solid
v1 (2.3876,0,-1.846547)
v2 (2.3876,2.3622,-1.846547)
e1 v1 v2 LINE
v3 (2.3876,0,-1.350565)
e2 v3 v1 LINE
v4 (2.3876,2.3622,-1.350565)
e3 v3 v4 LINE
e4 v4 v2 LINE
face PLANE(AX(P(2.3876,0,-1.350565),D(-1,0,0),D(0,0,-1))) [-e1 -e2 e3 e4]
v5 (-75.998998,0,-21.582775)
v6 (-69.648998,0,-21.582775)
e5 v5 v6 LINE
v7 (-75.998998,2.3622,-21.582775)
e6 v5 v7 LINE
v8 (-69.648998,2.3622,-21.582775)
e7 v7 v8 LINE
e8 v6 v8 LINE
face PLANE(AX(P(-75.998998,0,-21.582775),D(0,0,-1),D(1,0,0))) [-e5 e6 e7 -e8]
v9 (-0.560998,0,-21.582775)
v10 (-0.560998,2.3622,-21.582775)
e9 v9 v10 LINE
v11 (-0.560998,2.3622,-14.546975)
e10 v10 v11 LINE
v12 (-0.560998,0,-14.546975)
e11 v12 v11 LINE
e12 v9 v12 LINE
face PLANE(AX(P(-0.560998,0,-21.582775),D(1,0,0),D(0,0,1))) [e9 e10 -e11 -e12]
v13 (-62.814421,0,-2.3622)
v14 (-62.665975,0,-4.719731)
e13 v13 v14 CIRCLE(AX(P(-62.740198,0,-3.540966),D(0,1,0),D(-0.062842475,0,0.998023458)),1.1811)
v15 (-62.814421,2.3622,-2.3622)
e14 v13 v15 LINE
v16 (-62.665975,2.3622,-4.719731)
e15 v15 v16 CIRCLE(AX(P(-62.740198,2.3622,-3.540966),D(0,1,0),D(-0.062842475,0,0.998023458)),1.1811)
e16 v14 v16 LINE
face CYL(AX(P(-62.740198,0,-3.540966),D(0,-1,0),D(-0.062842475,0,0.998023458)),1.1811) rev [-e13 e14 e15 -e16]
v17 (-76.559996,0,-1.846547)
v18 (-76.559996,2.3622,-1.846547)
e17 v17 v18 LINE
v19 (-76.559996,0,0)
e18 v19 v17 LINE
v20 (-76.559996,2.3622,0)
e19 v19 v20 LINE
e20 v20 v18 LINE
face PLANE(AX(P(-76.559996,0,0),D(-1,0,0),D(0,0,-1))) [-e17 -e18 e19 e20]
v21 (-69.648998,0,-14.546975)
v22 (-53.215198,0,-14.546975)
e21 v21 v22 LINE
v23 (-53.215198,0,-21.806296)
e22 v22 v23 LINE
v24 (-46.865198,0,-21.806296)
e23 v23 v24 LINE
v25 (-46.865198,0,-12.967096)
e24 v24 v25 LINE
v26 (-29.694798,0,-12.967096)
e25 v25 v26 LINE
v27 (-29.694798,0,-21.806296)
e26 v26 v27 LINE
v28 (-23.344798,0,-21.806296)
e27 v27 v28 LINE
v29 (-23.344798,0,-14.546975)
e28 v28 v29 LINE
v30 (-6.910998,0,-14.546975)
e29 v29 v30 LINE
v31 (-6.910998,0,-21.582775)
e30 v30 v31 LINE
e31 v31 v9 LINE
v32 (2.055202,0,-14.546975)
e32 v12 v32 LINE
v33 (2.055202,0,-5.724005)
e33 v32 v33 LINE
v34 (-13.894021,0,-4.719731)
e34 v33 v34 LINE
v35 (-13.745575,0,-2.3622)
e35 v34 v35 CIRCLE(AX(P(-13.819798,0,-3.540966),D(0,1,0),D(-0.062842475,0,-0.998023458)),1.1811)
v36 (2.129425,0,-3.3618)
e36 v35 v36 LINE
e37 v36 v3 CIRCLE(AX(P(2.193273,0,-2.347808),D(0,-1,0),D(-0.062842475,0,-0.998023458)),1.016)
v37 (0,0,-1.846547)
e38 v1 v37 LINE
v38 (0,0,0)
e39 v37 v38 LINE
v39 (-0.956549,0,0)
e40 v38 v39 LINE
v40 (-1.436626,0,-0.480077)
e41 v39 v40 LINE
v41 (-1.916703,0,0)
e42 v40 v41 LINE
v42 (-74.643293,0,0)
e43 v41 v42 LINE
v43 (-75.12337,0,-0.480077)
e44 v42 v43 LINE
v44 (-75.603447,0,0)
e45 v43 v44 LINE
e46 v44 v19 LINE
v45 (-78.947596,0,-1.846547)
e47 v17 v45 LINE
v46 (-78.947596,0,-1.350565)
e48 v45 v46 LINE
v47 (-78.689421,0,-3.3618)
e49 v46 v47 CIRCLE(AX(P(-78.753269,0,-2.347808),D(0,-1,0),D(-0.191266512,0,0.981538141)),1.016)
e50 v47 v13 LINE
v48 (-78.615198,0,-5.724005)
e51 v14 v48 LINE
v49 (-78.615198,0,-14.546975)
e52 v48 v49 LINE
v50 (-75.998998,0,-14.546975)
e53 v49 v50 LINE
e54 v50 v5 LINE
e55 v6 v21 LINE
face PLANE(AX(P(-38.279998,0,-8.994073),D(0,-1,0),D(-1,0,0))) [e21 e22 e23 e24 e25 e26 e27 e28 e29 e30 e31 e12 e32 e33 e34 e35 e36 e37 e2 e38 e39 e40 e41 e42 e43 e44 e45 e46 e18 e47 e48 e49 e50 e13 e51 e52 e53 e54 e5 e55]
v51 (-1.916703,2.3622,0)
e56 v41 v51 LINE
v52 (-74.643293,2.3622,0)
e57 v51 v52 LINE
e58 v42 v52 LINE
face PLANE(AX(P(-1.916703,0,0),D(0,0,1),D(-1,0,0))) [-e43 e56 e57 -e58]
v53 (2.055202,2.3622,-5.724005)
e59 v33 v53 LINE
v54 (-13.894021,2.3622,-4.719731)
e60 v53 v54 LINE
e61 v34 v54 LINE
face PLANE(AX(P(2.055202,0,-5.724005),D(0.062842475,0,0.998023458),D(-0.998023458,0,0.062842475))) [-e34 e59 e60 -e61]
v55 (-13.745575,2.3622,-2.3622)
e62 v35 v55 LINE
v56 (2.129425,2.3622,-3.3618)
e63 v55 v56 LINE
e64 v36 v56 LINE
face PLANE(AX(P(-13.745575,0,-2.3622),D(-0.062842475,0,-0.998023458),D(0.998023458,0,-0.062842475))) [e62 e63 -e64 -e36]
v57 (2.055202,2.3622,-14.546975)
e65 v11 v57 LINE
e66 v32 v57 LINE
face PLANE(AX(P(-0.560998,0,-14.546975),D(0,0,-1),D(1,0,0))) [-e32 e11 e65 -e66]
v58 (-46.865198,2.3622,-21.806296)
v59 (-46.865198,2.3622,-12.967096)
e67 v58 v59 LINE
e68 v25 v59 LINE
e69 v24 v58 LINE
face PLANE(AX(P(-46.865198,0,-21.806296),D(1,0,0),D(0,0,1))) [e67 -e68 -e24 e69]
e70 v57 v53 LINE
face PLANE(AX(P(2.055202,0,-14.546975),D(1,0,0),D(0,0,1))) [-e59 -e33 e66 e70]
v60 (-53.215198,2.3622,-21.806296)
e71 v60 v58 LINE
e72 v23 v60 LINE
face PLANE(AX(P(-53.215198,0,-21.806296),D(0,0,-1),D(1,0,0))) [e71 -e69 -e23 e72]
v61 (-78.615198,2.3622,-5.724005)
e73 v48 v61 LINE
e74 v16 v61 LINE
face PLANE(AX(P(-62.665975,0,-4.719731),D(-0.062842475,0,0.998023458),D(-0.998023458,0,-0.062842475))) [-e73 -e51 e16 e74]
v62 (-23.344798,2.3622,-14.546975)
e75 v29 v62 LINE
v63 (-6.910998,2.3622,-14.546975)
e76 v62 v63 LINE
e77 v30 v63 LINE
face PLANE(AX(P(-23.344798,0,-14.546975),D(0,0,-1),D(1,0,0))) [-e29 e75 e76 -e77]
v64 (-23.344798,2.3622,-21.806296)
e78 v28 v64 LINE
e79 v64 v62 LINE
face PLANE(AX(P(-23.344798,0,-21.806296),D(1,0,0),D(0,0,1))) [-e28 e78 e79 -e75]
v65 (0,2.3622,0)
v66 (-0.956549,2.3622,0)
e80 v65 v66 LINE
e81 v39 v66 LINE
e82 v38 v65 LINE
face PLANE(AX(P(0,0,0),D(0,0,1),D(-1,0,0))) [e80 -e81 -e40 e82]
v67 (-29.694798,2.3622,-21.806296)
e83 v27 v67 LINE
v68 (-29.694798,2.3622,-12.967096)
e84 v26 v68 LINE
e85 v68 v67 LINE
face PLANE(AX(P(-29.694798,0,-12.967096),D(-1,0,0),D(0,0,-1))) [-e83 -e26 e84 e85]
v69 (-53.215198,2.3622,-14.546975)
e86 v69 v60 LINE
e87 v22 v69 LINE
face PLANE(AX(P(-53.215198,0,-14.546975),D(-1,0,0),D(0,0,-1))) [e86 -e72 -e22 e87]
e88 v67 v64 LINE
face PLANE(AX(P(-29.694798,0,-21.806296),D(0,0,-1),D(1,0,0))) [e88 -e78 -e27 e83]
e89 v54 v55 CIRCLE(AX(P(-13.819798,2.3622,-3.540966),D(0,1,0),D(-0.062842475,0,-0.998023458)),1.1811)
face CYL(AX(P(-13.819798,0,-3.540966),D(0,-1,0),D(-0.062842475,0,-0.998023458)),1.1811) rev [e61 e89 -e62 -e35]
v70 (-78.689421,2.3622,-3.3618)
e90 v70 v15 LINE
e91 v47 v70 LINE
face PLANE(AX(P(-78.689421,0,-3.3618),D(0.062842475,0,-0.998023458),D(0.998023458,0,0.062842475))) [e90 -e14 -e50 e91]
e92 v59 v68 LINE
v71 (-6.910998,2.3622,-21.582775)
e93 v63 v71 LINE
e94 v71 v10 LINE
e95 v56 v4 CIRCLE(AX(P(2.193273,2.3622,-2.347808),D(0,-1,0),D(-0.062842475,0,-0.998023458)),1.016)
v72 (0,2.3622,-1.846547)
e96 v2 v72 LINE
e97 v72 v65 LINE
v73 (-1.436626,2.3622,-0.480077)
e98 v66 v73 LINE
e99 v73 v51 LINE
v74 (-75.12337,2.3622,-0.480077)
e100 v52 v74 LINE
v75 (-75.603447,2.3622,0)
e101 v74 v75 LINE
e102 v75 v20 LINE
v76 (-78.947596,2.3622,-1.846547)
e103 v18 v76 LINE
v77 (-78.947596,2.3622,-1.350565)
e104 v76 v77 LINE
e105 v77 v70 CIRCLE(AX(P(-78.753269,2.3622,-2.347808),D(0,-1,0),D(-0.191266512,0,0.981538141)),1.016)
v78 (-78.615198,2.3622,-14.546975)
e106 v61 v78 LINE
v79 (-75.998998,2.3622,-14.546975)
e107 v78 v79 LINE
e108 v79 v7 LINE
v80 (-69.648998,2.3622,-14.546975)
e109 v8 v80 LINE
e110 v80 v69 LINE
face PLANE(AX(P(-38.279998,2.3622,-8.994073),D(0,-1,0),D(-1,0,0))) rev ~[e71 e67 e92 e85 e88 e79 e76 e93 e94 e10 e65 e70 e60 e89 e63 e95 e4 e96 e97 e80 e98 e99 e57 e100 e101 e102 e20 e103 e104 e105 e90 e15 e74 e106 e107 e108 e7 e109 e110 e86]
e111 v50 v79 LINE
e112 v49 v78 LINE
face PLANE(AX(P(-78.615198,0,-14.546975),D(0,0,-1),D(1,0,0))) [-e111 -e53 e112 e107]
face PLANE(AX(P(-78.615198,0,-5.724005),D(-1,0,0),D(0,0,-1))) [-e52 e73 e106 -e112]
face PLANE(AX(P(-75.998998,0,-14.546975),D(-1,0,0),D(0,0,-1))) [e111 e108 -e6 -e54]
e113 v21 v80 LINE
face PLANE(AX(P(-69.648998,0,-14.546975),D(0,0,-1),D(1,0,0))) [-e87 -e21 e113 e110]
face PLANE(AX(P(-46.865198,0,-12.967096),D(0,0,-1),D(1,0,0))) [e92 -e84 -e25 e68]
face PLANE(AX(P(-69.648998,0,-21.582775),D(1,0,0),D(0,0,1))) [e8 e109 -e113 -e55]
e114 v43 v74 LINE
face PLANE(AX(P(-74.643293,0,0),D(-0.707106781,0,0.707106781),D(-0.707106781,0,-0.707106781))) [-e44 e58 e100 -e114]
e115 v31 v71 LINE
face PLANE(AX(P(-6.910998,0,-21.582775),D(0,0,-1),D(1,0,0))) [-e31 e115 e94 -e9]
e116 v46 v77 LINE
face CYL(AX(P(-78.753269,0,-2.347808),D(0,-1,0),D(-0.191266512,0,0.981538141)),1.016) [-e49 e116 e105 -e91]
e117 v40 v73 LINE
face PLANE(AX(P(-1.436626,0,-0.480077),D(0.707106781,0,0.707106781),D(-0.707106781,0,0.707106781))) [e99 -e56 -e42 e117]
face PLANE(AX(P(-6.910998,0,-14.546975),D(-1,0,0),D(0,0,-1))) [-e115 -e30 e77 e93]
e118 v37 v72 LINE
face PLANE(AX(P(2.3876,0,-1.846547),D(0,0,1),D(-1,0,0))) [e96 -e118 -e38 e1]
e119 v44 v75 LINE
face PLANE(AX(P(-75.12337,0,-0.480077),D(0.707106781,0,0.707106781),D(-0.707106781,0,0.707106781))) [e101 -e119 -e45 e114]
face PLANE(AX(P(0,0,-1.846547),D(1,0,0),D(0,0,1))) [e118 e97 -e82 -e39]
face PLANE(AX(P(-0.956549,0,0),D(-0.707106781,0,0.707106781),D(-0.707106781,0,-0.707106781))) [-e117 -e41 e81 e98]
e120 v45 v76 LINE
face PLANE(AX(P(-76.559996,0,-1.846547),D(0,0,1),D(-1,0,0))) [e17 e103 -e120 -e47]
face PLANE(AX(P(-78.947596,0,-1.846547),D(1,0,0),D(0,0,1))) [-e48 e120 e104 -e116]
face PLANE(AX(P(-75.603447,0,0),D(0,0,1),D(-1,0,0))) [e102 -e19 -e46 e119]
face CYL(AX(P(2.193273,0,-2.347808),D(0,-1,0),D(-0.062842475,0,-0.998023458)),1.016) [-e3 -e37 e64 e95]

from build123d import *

# Parameters (mm, degrees)
BOSS_EXTRUDE1_DEPTH = 2.3622


with BuildPart() as part:
    # Sketch1 → Boss-Extrude1 (new body)
    with BuildSketch(Plane(origin=(0, 0, 0), x_dir=(1, 0, 0), z_dir=(0, 1, 0))):
        with BuildLine():
            Line((2.055202021, 14.546975478), (2.055202021, 5.72400467))
            Line((2.055202021, 5.72400467), (-13.894021226, 4.719731013))
            ThreePointArc((-13.894021226, 4.719731013), (-14.998563485, 3.466742259), (-13.745574731, 2.3622))
            Line((-13.745574731, 2.3622), (2.129425269, 3.361800046))
            ThreePointArc((2.129425269, 3.361800046), (3.201004497, 2.477166942), (2.3876, 1.350565462))
            Line((2.3876, 1.350565462), (2.3876, 1.846546672))
            Line((2.3876, 1.846546672), (0, 1.846546672))
            Line((0, 1.846546672), (0, 0))
            Line((0, 0), (-0.956548556, 0))
            Line((-0.956548556, 0), (-1.436625807, 0.480077251))
            Line((-1.436625807, 0.480077251), (-1.916703058, 0))
            Line((-1.916703058, 0), (-74.6432929, 0))
            Line((-74.6432929, 0), (-75.123370151, 0.480077251))
            Line((-75.123370151, 0.480077251), (-75.603447402, 0))
            Line((-75.603447402, 0), (-76.559995958, 0))
            Line((-76.559995958, 0), (-76.559995958, 1.846546672))
            Line((-76.559995958, 1.846546672), (-78.947595958, 1.846546672))
            Line((-78.947595958, 1.846546672), (-78.947595958, 1.350565462))
            ThreePointArc((-78.947595958, 1.350565462), (-79.761000455, 2.477166942), (-78.689421226, 3.361800046))
            Line((-78.689421226, 3.361800046), (-62.814421226, 2.3622))
            ThreePointArc((-62.814421226, 2.3622), (-61.561432472, 3.466742259), (-62.665974731, 4.719731013))
            Line((-62.665974731, 4.719731013), (-78.615197979, 5.72400467))
            Line((-78.615197979, 5.72400467), (-78.615197979, 14.546975478))
            Line((-78.615197979, 14.546975478), (-75.998997979, 14.546975478))
            Line((-75.998997979, 14.546975478), (-75.998997979, 21.582775478))
            Line((-75.998997979, 21.582775478), (-69.648997979, 21.582775478))
            Line((-69.648997979, 21.582775478), (-69.648997979, 14.546975478))
            Line((-69.648997979, 14.546975478), (-53.215197979, 14.546975478))
            Line((-53.215197979, 14.546975478), (-53.215197979, 21.806295525))
            Line((-53.215197979, 21.806295525), (-46.865197979, 21.806295525))
            Line((-46.865197979, 21.806295525), (-46.865197979, 12.967095525))
            Line((-46.865197979, 12.967095525), (-29.694797979, 12.967095525))
            Line((-29.694797979, 12.967095525), (-29.694797979, 21.806295525))
            Line((-29.694797979, 21.806295525), (-23.344797979, 21.806295525))
            Line((-23.344797979, 21.806295525), (-23.344797979, 14.546975478))
            Line((-23.344797979, 14.546975478), (-6.910997979, 14.546975478))
            Line((-6.910997979, 14.546975478), (-6.910997979, 21.582775478))
            Line((-6.910997979, 21.582775478), (-0.560997979, 21.582775478))
            Line((-0.560997979, 21.582775478), (-0.560997979, 14.546975478))
            Line((-0.560997979, 14.546975478), (2.055202021, 14.546975478))
        make_face()
    extrude(amount=BOSS_EXTRUDE1_DEPTH)


solid = part.part
